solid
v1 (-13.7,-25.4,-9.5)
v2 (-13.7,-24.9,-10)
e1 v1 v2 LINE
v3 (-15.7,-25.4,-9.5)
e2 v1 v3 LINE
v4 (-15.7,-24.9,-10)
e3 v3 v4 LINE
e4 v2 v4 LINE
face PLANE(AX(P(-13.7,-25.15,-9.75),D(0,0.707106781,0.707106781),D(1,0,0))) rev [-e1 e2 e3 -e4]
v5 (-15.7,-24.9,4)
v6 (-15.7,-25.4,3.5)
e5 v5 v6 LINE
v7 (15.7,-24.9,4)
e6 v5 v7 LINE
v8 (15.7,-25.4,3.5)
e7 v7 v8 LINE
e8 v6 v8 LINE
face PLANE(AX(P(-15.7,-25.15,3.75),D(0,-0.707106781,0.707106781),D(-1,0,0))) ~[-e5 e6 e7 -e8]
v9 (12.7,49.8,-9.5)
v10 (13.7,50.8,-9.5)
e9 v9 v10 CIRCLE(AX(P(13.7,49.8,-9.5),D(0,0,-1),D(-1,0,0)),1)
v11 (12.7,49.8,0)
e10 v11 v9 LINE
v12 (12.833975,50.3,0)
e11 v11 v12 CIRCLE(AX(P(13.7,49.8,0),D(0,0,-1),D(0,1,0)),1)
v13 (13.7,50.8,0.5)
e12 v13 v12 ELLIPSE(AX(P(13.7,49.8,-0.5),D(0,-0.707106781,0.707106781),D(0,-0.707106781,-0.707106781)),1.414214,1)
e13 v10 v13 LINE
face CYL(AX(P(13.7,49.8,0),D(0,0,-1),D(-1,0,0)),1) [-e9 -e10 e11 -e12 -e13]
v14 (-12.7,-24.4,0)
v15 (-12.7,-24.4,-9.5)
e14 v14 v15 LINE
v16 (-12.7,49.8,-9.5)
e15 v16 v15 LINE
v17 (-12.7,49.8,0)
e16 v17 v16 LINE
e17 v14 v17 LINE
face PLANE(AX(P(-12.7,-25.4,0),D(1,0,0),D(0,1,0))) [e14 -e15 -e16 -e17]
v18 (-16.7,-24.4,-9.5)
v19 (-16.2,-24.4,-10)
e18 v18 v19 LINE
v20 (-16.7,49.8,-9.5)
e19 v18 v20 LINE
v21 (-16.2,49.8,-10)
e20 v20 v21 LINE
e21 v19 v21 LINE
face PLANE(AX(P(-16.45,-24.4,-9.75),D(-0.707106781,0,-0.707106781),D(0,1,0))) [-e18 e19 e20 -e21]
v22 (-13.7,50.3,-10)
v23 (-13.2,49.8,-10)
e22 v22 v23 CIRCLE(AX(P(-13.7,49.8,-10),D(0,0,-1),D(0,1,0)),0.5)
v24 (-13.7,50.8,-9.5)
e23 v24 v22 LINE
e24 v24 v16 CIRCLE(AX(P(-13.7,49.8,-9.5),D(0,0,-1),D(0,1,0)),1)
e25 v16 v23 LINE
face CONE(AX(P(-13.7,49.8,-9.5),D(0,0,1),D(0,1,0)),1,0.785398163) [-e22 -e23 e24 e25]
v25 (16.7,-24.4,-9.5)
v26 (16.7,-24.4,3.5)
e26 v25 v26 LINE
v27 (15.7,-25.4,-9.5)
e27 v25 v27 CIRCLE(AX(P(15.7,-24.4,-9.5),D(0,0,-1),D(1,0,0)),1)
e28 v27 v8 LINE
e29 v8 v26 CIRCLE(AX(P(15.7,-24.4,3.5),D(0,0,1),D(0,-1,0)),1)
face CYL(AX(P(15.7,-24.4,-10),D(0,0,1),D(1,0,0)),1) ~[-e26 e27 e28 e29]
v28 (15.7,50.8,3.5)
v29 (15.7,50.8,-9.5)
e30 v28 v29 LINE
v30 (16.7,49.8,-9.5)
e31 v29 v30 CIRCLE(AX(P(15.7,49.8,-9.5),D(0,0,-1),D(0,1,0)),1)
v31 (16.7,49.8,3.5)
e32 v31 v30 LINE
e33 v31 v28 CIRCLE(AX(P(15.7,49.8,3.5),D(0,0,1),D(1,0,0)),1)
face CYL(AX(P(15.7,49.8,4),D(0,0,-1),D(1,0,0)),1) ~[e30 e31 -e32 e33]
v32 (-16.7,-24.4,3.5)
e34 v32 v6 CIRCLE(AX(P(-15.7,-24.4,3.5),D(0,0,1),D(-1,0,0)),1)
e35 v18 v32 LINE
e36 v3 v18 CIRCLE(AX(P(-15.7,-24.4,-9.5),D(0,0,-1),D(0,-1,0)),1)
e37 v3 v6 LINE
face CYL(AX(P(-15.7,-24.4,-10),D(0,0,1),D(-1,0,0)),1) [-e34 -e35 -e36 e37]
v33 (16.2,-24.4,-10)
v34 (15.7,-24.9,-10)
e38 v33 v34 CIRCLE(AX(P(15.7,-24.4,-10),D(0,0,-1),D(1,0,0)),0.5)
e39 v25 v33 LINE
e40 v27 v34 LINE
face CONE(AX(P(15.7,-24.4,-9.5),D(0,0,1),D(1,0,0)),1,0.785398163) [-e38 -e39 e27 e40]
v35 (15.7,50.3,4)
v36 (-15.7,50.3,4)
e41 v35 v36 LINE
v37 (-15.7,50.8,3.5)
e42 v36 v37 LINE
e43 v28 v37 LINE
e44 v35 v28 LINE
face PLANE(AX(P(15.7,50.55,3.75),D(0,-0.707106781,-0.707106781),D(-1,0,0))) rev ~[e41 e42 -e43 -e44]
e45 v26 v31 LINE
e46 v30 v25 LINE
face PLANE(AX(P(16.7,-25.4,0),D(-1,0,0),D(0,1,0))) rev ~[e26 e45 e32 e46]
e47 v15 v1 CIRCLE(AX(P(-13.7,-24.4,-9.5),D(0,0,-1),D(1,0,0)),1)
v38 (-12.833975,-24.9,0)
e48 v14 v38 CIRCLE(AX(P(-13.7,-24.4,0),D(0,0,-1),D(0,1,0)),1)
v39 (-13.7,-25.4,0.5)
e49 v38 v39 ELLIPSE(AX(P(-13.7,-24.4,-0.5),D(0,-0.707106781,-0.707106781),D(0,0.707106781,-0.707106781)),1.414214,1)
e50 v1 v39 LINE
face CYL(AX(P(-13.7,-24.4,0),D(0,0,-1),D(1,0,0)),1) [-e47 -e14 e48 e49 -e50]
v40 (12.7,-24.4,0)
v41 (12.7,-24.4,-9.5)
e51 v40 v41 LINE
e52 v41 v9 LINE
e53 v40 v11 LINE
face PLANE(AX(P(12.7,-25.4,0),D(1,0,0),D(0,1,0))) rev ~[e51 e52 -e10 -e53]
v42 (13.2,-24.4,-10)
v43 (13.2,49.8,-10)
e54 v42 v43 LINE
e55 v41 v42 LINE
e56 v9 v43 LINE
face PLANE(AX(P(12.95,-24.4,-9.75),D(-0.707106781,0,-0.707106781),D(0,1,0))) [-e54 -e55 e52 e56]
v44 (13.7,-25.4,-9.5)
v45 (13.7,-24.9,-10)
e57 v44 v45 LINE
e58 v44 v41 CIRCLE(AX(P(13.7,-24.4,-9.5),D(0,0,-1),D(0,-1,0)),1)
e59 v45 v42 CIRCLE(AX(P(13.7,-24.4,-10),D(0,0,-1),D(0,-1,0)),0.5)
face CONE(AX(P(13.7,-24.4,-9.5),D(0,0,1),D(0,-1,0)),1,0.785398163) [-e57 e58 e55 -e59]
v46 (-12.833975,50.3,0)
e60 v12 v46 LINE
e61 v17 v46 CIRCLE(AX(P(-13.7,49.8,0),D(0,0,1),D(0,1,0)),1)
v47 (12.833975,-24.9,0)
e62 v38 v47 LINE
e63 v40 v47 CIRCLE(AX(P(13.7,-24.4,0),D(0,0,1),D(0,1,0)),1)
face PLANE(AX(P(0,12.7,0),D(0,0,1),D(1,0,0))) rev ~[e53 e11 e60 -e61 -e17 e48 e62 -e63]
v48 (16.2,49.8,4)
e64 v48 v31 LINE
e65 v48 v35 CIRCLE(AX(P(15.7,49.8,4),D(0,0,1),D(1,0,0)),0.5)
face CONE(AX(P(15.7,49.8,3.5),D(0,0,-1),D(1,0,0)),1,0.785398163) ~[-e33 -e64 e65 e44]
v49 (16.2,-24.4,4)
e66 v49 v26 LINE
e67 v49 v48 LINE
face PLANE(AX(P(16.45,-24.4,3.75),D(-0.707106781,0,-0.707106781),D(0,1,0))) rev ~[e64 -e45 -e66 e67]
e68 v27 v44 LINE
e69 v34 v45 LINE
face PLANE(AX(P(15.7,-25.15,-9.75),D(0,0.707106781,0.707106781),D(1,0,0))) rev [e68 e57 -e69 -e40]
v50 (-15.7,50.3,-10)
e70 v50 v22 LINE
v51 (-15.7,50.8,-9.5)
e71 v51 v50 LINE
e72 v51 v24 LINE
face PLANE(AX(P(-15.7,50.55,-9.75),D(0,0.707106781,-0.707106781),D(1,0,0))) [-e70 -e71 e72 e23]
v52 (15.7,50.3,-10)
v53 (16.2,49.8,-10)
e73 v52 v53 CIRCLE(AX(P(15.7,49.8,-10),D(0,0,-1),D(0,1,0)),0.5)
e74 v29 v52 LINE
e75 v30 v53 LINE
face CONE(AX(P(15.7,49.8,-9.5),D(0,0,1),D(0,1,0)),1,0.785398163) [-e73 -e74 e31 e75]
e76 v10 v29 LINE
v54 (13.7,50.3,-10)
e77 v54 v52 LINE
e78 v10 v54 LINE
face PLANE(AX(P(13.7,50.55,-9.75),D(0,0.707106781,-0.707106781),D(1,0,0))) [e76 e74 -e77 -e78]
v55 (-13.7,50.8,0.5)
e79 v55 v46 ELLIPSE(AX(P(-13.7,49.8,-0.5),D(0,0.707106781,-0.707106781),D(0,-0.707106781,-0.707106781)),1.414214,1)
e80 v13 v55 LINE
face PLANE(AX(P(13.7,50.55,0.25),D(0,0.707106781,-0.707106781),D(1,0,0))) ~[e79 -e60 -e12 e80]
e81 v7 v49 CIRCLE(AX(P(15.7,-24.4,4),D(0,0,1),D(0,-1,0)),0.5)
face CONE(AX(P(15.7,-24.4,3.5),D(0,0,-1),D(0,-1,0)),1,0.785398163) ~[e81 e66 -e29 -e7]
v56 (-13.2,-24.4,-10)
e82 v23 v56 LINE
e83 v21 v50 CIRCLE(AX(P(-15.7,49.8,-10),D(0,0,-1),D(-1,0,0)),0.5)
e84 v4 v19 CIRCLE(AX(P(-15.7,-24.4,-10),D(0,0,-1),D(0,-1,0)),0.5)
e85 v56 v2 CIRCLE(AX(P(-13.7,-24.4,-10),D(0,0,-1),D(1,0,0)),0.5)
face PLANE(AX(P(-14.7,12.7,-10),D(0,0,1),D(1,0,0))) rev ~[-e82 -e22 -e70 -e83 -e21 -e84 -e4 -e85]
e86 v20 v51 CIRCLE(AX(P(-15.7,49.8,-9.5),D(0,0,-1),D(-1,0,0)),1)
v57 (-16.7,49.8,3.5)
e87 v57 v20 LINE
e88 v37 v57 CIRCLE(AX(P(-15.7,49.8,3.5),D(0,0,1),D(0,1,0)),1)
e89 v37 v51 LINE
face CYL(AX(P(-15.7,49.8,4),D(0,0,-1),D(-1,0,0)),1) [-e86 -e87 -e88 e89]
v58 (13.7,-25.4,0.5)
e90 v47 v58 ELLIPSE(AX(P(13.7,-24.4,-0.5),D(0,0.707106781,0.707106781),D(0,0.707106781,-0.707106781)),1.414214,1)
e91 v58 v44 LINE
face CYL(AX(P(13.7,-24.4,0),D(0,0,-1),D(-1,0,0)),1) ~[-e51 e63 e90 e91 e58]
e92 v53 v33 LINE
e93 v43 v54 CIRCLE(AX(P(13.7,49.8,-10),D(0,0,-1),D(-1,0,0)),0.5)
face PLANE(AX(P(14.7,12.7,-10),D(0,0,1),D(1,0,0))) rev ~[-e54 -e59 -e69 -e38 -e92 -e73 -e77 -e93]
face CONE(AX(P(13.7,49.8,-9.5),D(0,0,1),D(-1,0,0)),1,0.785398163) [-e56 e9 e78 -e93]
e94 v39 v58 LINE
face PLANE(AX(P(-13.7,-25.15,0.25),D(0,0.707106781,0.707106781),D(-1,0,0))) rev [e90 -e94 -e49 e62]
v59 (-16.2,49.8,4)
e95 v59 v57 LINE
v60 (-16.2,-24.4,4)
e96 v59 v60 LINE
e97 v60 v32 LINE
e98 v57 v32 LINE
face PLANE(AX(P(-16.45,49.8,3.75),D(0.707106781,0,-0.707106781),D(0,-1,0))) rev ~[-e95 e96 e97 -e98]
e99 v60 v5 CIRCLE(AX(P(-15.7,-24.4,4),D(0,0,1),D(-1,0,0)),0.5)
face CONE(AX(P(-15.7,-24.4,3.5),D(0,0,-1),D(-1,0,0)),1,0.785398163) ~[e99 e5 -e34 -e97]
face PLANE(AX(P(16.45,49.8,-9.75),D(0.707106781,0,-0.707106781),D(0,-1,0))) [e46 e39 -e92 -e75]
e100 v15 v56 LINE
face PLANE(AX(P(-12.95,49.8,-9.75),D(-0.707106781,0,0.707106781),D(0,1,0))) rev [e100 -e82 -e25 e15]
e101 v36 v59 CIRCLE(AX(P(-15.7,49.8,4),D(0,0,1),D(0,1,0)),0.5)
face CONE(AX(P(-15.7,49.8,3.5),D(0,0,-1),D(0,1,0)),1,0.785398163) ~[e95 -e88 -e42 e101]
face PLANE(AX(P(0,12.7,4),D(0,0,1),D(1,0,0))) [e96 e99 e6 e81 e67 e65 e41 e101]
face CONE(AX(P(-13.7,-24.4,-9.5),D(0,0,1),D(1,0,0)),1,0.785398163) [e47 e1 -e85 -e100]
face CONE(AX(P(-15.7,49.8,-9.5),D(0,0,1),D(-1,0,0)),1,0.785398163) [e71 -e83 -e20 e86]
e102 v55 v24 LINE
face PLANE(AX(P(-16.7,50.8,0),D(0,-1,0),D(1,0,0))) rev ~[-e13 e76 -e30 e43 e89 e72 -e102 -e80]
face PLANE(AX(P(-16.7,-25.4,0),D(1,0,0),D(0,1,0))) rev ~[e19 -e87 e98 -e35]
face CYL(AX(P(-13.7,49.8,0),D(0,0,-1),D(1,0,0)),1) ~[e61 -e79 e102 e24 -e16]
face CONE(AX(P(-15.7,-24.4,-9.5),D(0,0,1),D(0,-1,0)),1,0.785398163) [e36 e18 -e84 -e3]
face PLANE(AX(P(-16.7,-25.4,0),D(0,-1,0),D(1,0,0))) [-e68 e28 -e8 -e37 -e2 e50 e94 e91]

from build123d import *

# Parameters (mm, degrees)
SKETCH1_W           = 33.4
SKETCH1_H           = 76.2
BOSS_EXTRUDE1_DEPTH = 4
SKETCH1_3_W         = 4
SKETCH1_3_H         = 76.2
BOSS_EXTRUDE2_DEPTH = 10
FILLET1_R           = 1
CHAMFER1_SIZE       = 0.5


with BuildPart() as part:
    # Sketch1 → Boss-Extrude1 (new body)
    with BuildSketch(Plane.XY):
        with Locations((0, 12.7)):
            Rectangle(SKETCH1_W, SKETCH1_H)
    extrude(amount=BOSS_EXTRUDE1_DEPTH)

    # Sketch1<3> → Boss-Extrude2 (add)
    with BuildSketch(Plane.XY):
        with Locations((-14.7, 12.7)):
            Rectangle(SKETCH1_3_W, SKETCH1_3_H)
        with Locations((14.7, 12.7)):
            Rectangle(SKETCH1_3_W, SKETCH1_3_H)
    extrude(amount=-BOSS_EXTRUDE2_DEPTH)

    # Fillet1
    fillet1_edges = [part.edges().sort_by_distance(p)[0] for p in [
        (12.7, 50.8, -5),
        (-12.7, 50.8, -5),
        (-12.7, -25.4, -5),
        (12.7, -25.4, -5),
        (-16.7, -25.4, -3),
        (16.7, -25.4, -3),
        (16.7, 50.8, -3),
        (-16.7, 50.8, -3),
    ]]
    fillet(fillet1_edges, radius=FILLET1_R)

    # Chamfer1
    chamfer1_edges = [part.edges().sort_by_distance(p)[0] for p in [
        (-16.407106781, 50.507106781, 4),
        (0, 50.8, 4),
        (16.407106781, 50.507106781, 4),
        (16.7, 12.7, 4),
        (16.407106781, -25.107106781, 4),
        (0, -25.4, 4),
        (-16.407106781, -25.107106781, 4),
        (-16.7, 12.7, 4),
        (-16.407106781, 50.507106781, -10),
        (-16.7, 12.7, -10),
        (-16.407106781, -25.107106781, -10),
        (-14.7, -25.4, -10),
        (-12.992893219, -25.107106781, -10),
        (-12.7, 12.7, -10),
        (-12.992893219, 50.507106781, -10),
        (-14.7, 50.8, -10),
        (12.992893219, -25.107106781, -10),
        (14.7, -25.4, -10),
        (16.407106781, -25.107106781, -10),
        (16.7, 12.7, -10),
        (16.407106781, 50.507106781, -10),
        (14.7, 50.8, -10),
        (12.992893219, 50.507106781, -10),
        (12.7, 12.7, -10),
        (0, 50.8, 0),
        (0, -25.4, 0),
    ]]
    chamfer(chamfer1_edges, length=CHAMFER1_SIZE)


solid = part.part
